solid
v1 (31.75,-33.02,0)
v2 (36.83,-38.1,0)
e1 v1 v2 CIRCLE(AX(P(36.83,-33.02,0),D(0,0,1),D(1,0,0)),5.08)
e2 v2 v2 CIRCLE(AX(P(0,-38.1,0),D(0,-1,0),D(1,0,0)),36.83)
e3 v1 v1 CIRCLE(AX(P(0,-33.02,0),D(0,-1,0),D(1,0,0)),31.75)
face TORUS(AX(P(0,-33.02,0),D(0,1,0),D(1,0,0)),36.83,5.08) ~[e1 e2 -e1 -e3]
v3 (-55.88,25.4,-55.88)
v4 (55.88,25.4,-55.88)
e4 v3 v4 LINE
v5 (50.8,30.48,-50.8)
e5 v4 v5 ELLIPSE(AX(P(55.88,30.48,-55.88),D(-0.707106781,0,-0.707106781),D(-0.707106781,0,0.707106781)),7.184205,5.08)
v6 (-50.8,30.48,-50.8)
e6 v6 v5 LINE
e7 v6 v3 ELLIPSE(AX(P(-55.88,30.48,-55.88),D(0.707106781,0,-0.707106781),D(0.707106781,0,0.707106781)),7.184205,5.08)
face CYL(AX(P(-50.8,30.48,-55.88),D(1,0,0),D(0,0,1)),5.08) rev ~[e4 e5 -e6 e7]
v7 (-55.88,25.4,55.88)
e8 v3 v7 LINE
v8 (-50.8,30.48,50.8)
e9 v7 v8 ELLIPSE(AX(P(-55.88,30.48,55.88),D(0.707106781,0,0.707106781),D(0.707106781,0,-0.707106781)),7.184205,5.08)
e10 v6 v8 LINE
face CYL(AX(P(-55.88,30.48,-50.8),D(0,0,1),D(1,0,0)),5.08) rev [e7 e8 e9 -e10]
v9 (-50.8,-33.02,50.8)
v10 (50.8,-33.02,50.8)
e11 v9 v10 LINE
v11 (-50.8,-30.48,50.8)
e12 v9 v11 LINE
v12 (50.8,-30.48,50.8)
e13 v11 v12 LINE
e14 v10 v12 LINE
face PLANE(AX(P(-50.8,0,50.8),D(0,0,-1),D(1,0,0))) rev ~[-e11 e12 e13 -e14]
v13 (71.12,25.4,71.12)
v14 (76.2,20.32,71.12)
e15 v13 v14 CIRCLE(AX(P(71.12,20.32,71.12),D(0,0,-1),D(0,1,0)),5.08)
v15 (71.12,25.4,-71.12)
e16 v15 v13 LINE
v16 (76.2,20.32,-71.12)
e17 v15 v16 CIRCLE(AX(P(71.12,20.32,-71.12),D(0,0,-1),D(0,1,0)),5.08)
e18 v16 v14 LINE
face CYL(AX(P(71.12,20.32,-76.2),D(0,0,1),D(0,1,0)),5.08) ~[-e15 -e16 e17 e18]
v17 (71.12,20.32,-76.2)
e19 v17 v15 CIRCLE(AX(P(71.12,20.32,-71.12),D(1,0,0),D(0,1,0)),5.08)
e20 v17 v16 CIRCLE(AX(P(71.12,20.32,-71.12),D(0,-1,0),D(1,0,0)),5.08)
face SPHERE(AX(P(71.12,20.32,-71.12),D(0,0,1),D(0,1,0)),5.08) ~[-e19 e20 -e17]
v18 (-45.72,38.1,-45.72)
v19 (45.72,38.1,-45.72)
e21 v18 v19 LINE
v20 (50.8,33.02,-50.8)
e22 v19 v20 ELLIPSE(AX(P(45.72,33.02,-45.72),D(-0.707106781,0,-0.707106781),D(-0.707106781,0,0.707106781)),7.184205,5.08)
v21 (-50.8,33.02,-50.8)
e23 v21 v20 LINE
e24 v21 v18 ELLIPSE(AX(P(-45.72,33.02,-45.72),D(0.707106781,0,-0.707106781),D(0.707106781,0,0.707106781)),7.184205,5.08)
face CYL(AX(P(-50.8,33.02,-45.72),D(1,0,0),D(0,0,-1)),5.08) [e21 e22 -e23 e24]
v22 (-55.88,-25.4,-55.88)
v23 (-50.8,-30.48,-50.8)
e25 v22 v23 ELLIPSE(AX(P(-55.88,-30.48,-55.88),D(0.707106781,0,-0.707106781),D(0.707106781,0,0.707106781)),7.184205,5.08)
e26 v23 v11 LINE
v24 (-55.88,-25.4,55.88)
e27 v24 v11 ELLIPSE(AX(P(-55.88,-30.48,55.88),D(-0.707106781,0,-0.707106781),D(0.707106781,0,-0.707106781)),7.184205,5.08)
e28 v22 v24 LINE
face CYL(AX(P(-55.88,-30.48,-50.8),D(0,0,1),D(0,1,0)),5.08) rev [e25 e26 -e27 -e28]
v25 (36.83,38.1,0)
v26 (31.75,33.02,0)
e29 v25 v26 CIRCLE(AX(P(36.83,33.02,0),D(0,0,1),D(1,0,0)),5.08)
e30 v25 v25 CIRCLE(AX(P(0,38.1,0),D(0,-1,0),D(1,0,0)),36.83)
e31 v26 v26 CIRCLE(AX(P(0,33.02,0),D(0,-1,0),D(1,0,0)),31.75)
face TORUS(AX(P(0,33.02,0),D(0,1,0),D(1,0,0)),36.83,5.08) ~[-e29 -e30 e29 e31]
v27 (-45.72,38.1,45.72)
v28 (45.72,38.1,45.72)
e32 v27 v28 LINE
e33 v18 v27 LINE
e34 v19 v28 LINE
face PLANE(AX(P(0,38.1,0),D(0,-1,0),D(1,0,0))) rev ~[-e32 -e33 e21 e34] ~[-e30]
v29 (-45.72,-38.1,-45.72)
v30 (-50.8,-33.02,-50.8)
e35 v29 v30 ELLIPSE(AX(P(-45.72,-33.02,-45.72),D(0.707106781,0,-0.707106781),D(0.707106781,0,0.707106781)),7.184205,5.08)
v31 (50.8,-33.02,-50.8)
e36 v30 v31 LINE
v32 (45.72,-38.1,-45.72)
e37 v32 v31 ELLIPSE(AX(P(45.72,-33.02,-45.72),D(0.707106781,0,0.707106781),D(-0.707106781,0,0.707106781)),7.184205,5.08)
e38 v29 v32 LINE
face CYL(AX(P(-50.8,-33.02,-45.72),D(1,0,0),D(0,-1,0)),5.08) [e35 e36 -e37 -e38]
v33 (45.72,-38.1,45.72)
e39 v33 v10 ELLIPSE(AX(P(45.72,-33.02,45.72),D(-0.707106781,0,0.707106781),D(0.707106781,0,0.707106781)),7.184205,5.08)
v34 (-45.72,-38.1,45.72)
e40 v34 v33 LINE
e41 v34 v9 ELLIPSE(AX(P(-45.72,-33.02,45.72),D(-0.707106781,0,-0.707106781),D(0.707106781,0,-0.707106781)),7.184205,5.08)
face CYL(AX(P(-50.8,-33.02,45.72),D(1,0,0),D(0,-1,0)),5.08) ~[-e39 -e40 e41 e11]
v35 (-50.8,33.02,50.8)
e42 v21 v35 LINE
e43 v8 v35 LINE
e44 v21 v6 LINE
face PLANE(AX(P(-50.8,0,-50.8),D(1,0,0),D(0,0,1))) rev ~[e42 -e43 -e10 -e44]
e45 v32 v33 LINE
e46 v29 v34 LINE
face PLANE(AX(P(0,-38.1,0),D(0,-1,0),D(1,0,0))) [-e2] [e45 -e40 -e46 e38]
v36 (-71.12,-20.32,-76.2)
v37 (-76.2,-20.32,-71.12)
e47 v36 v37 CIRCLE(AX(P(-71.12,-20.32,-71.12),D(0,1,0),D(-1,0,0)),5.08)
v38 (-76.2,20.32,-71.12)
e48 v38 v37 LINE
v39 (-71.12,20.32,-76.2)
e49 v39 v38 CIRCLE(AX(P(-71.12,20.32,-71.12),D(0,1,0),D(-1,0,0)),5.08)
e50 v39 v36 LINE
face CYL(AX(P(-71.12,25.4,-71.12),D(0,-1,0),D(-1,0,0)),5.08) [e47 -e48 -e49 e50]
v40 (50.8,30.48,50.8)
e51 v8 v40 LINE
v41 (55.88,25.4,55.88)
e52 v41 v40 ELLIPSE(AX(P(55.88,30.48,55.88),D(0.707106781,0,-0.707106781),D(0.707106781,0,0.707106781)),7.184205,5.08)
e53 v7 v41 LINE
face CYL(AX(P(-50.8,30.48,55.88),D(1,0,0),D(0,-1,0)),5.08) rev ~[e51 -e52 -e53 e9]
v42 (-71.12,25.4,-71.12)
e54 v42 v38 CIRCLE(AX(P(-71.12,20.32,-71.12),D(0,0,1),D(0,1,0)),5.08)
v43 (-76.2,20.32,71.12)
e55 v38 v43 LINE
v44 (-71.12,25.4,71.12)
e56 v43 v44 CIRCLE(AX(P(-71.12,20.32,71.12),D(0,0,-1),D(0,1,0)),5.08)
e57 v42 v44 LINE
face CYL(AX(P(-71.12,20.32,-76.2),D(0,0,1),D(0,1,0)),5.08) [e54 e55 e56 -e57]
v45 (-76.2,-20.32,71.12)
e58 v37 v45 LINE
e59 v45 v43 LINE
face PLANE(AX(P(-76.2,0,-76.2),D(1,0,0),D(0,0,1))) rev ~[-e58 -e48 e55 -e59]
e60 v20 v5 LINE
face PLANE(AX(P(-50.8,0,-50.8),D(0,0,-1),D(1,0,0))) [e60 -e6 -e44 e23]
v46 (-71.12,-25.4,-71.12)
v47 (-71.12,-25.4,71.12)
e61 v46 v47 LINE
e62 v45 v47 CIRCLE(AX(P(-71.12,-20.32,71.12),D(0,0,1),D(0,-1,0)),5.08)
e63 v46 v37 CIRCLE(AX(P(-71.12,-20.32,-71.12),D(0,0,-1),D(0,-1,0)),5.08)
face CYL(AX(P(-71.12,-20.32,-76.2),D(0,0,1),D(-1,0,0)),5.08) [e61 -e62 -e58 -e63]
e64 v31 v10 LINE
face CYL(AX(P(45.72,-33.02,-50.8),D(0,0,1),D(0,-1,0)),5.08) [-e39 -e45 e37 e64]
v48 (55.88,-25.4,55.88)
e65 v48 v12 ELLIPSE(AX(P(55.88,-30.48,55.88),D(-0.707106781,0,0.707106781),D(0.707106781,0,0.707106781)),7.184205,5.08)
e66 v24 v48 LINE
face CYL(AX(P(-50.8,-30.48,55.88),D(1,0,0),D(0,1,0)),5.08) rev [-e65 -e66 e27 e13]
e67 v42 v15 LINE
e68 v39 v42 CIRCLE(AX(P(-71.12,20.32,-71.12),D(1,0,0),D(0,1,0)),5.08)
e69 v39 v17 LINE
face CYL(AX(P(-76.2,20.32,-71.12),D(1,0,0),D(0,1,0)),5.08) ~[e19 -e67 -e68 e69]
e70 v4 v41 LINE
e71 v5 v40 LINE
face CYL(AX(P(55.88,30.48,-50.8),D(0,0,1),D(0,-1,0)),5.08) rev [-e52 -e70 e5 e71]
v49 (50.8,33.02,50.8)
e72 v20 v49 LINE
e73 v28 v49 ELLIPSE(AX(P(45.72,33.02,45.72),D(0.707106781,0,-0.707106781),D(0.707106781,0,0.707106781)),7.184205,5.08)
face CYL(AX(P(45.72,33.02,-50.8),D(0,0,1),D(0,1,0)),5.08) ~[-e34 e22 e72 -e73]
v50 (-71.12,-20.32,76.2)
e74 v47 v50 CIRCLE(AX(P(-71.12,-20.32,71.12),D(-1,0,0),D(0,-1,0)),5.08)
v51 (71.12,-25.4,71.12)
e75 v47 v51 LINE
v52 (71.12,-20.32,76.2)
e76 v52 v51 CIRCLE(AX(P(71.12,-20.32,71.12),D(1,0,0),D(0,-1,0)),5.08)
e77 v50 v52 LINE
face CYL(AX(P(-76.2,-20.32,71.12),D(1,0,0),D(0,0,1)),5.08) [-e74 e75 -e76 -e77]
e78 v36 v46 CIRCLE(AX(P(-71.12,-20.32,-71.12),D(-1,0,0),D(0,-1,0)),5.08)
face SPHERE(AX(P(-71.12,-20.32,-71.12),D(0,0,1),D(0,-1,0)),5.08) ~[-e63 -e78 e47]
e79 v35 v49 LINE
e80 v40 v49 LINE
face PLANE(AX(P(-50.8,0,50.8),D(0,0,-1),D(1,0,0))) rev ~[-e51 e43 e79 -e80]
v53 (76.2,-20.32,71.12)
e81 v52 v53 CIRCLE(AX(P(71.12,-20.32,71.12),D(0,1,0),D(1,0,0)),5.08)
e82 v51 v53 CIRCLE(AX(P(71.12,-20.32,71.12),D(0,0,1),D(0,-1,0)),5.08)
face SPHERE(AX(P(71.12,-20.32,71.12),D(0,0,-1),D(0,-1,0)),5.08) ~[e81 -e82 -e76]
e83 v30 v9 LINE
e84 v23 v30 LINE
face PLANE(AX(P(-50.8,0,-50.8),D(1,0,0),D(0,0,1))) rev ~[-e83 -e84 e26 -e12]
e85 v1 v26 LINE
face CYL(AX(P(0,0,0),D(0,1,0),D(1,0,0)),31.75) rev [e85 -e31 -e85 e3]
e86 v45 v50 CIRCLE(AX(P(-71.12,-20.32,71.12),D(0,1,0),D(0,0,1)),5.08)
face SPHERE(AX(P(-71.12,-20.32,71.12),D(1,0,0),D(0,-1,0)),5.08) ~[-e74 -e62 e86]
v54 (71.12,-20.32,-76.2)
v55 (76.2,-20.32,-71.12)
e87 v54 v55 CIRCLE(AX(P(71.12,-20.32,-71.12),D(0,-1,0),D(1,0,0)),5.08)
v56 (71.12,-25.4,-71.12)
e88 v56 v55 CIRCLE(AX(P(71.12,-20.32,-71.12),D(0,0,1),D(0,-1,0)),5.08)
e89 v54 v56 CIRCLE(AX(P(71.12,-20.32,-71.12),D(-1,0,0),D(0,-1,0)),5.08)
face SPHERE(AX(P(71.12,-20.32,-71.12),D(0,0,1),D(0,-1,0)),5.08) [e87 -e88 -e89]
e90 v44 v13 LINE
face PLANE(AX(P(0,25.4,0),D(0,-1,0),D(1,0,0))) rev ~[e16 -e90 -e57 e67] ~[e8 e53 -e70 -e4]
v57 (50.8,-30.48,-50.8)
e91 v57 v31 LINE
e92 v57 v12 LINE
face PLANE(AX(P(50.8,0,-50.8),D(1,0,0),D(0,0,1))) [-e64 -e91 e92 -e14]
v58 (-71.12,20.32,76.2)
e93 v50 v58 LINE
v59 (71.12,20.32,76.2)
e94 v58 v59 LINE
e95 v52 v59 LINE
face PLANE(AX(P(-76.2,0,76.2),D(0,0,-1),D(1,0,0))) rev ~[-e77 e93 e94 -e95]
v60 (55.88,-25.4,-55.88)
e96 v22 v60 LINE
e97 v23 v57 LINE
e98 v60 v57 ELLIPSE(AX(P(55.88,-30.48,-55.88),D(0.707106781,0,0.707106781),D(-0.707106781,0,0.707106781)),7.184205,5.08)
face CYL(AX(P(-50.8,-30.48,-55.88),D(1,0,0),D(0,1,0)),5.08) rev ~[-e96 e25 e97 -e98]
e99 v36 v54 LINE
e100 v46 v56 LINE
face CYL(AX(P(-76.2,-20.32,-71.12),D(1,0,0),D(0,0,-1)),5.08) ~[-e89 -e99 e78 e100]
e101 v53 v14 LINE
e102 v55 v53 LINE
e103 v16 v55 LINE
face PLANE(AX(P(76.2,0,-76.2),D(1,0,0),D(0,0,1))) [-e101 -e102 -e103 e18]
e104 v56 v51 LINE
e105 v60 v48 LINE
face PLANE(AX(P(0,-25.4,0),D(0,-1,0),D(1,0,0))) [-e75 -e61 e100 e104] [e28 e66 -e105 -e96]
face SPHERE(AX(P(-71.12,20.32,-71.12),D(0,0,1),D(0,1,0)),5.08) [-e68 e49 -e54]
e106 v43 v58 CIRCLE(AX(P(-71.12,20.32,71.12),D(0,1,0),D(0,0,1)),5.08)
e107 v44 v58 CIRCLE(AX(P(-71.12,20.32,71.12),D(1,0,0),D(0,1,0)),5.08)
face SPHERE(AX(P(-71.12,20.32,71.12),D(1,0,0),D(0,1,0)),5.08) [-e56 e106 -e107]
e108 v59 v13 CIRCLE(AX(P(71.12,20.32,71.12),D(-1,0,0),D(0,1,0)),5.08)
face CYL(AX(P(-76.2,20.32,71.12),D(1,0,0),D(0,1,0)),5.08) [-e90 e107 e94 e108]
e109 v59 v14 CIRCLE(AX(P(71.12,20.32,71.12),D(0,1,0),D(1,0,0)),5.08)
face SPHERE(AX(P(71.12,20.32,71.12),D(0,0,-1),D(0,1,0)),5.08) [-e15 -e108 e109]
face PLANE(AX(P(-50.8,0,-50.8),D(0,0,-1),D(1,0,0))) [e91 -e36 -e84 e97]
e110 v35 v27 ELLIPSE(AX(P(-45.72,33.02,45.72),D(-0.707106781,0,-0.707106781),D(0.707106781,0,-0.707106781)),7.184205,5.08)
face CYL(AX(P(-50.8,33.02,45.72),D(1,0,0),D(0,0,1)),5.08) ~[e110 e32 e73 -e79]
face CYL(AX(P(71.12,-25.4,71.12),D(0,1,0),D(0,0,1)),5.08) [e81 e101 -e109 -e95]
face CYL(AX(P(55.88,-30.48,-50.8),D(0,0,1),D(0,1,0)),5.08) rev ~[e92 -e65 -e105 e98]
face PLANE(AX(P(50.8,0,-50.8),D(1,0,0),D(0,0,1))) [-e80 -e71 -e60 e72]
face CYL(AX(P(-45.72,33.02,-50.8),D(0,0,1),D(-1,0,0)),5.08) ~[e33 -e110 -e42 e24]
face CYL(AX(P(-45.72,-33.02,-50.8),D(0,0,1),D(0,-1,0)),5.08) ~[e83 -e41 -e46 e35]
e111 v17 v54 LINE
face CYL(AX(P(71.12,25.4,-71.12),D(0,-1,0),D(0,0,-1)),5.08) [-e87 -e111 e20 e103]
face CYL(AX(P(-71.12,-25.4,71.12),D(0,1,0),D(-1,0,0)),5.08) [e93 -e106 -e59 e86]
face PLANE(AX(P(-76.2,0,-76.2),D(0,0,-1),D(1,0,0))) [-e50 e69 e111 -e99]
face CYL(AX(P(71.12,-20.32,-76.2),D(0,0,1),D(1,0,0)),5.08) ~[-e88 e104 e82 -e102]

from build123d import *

# Parameters (mm, degrees)
F0_W     = 101.6
F0_H     = 101.6
F0_R     = 31.75
F1_DEPTH = 38.1
F0_W_2   = 152.4
F0_H_2   = 152.4
F2_DEPTH = 25.4
F3_R     = 5.08


with BuildPart() as f1:
    # F0 (on Front) → F1 (new body, symmetric)
    with BuildSketch(Plane.XZ):
        Rectangle(F0_W, F0_H)
        Circle(F0_R, mode=Mode.SUBTRACT)
    extrude(amount=F1_DEPTH, both=True)

    # F0 (on Front) → F2 (join, symmetric)
    with BuildSketch(Plane.XZ):
        Rectangle(F0_W_2, F0_H_2)
        Rectangle(F0_W, F0_H, mode=Mode.SUBTRACT)
    extrude(amount=F2_DEPTH, both=True)

    # F3
    f3_edges = [f1.edges().sort_by_distance(p)[0] for p in [
        (76.2, 25.4, 0),
        (0, 25.4, 76.2),
        (-76.2, 25.4, 0),
        (0, 25.4, -76.2),
        (0, 25.4, 50.8),
        (50.8, 25.4, 0),
        (0, 25.4, -50.8),
        (-50.8, 25.4, 0),
        (50.8, 38.1, 0),
        (0, 38.1, 50.8),
        (-50.8, 38.1, 0),
        (0, 38.1, -50.8),
        (-31.75, 38.1, 0),
        (50.8, -38.1, 0),
        (0, -38.1, 50.8),
        (-50.8, -38.1, 0),
        (0, -38.1, -50.8),
        (-31.75, -38.1, 0),
        (76.2, -25.4, 0),
        (0, -25.4, 76.2),
        (-76.2, -25.4, 0),
        (0, -25.4, -76.2),
        (0, -25.4, 50.8),
        (50.8, -25.4, 0),
        (0, -25.4, -50.8),
        (-50.8, -25.4, 0),
        (76.2, 0, -76.2),
        (-76.2, 0, -76.2),
        (76.2, 0, 76.2),
        (-76.2, 0, 76.2),
    ]]
    fillet(f3_edges, radius=F3_R)


solid = f1.part
